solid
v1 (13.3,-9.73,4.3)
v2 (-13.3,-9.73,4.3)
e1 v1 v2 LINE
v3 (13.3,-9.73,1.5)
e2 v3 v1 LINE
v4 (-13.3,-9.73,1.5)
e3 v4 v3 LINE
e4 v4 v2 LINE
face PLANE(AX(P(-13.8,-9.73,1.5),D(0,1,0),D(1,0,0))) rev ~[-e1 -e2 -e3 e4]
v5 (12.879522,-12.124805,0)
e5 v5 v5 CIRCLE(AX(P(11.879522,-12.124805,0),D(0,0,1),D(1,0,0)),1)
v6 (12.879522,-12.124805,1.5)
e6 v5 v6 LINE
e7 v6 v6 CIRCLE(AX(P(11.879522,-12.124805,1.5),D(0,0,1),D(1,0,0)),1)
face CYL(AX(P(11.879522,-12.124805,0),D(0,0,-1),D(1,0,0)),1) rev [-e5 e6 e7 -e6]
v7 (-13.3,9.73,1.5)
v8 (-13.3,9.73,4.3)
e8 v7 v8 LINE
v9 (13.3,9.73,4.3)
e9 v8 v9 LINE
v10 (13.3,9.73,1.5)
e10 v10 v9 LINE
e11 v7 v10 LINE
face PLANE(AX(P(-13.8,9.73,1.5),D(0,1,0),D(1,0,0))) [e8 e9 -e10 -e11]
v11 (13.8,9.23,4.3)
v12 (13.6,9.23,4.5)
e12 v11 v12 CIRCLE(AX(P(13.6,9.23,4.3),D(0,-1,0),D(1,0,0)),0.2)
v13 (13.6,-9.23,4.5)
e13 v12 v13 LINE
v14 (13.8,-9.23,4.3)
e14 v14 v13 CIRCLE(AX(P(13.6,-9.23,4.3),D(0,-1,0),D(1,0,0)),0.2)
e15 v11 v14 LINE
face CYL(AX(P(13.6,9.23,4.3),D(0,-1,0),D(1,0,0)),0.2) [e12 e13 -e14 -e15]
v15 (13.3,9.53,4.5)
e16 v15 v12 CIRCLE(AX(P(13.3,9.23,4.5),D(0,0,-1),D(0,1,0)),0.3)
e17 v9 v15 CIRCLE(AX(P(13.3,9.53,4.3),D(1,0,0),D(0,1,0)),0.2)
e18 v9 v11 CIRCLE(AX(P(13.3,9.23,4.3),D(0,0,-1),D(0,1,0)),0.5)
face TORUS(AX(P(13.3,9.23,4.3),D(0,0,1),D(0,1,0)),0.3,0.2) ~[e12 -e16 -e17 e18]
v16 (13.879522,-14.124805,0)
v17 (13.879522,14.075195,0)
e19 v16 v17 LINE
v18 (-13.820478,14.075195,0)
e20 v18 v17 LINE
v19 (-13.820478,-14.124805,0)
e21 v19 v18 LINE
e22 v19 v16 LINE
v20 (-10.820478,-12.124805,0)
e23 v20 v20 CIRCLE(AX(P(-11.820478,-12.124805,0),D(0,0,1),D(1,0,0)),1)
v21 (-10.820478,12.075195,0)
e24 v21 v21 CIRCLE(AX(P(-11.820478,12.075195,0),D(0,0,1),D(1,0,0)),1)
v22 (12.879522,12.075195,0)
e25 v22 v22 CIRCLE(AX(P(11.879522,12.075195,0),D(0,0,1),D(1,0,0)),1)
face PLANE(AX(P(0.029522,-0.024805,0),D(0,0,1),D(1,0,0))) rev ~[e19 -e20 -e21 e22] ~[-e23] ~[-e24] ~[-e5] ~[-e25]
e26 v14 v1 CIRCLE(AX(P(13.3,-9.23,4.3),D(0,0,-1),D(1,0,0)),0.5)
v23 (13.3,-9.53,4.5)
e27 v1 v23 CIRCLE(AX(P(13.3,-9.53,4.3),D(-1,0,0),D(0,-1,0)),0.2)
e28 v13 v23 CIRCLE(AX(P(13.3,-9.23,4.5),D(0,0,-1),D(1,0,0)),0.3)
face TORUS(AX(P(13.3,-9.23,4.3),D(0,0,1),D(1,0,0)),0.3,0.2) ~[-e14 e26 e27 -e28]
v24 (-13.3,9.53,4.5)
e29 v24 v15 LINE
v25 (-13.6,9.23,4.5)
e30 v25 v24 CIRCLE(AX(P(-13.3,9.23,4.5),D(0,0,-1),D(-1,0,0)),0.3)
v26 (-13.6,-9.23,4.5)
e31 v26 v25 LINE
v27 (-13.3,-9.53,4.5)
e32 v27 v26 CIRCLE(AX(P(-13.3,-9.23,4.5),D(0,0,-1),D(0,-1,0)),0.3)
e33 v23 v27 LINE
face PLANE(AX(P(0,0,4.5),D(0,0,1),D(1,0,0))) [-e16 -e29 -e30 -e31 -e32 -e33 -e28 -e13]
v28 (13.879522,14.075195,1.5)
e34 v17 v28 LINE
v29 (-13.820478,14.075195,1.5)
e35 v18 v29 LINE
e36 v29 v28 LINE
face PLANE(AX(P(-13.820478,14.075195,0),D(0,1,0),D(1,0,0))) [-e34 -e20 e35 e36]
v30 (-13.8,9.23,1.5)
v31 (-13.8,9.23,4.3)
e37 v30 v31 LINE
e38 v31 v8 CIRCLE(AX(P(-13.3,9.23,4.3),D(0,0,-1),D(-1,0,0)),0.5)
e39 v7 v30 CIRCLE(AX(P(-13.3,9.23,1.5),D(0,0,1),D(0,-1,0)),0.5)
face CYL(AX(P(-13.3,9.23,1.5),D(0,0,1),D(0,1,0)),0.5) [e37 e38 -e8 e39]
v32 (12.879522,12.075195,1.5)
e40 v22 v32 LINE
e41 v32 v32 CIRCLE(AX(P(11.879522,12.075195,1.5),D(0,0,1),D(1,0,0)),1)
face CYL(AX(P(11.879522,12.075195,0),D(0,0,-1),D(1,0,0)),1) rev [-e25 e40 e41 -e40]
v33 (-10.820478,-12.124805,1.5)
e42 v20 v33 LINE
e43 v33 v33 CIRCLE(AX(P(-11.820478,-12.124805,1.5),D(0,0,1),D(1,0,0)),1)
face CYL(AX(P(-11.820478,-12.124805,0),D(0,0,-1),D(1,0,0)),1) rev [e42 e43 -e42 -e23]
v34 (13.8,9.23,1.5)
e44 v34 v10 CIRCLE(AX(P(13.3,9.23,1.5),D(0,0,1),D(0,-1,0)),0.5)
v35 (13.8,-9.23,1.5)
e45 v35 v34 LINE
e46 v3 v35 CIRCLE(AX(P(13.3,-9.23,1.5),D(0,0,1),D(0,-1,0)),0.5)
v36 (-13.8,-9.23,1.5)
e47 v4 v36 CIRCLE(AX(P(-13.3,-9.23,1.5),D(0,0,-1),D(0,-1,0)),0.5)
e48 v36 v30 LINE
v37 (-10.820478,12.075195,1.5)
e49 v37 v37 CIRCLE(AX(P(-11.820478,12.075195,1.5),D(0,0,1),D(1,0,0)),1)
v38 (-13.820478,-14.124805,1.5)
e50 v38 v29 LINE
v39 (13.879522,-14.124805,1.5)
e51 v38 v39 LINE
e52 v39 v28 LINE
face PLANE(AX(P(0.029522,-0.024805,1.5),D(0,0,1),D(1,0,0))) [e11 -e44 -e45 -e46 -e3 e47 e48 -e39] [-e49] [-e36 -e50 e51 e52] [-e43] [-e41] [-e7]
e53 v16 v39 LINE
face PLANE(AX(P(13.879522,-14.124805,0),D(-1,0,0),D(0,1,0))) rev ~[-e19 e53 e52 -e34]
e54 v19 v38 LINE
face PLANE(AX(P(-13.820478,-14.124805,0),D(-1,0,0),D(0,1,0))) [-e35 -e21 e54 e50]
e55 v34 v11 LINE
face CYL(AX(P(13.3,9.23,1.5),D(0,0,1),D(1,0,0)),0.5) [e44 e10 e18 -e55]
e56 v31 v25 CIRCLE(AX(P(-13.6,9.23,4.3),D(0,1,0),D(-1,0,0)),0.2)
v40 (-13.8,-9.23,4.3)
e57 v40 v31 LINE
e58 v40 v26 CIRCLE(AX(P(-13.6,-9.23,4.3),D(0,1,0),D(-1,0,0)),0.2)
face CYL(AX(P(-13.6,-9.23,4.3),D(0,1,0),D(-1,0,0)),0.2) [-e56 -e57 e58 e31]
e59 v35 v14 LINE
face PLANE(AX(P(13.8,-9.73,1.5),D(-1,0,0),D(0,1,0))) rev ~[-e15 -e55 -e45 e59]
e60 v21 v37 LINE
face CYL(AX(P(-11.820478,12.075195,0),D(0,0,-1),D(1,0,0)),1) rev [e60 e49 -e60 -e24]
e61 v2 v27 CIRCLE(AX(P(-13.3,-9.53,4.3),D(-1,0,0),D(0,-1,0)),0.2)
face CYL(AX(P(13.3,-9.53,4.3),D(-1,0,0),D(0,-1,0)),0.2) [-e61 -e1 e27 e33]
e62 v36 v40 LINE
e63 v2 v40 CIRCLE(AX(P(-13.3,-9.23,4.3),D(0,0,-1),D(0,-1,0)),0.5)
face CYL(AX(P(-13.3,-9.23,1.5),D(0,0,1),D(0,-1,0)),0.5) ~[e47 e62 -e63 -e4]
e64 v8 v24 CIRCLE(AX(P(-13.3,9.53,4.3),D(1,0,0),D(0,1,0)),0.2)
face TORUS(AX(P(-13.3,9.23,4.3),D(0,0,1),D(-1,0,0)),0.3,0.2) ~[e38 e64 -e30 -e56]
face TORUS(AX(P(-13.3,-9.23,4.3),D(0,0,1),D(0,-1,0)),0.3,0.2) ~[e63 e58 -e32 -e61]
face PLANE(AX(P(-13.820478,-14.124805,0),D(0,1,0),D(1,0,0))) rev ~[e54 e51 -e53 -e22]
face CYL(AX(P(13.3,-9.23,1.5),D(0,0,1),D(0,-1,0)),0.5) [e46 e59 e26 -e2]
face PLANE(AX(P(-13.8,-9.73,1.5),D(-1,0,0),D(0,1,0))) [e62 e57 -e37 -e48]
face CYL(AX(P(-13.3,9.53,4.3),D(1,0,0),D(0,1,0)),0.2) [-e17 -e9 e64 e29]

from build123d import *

# Parameters (mm, degrees)
F0_W     = 27.7
F0_H     = 28.2
F0_R     = 1
F2_DEPTH = 1.5
F3_W     = 27.6
F3_H     = 19.46
F4_DEPTH = 3
F5_R     = 0.5
F6_R     = 0.2


with BuildPart() as f2:
    # F0 (on Top) → F2 (new body)
    with BuildSketch(Plane.XY):
        with Locations((0.0295223769, -0.0248048455)):
            Rectangle(F0_W, F0_H)
        with Locations((-11.8204776231, -12.1248048455)):
            Circle(F0_R, mode=Mode.SUBTRACT)
        with Locations((11.8795223769, -12.1248048455)):
            Circle(F0_R, mode=Mode.SUBTRACT)
        with Locations((-11.8204776231, 12.0751951545)):
            Circle(F0_R, mode=Mode.SUBTRACT)
        with Locations((11.8795223769, 12.0751951545)):
            Circle(F0_R, mode=Mode.SUBTRACT)
    extrude(amount=F2_DEPTH)

    # F3 (on face) → F4 (join)
    with BuildSketch(Plane.XY.offset(1.5)):
        Rectangle(F3_W, F3_H)
    extrude(amount=F4_DEPTH)

    # F5
    f5_edges = [f2.edges().sort_by_distance(p)[0] for p in [
        (13.8, -9.73, 3),
        (13.8, 9.73, 3),
        (-13.8, 9.73, 3),
        (-13.8, -9.73, 3),
    ]]
    fillet(f5_edges, radius=F5_R)

    # F6
    f6_edges = [f2.edges().sort_by_distance(p)[0] for p in [
        (0, 9.73, 4.5),
        (13.653553, 9.583553, 4.5),
        (-13.653553, 9.583553, 4.5),
        (13.8, 0, 4.5),
        (-13.8, 0, 4.5),
        (13.653553, -9.583553, 4.5),
        (-13.653553, -9.583553, 4.5),
        (0, -9.73, 4.5),
    ]]
    fillet(f6_edges, radius=F6_R)


solid = f2.part
